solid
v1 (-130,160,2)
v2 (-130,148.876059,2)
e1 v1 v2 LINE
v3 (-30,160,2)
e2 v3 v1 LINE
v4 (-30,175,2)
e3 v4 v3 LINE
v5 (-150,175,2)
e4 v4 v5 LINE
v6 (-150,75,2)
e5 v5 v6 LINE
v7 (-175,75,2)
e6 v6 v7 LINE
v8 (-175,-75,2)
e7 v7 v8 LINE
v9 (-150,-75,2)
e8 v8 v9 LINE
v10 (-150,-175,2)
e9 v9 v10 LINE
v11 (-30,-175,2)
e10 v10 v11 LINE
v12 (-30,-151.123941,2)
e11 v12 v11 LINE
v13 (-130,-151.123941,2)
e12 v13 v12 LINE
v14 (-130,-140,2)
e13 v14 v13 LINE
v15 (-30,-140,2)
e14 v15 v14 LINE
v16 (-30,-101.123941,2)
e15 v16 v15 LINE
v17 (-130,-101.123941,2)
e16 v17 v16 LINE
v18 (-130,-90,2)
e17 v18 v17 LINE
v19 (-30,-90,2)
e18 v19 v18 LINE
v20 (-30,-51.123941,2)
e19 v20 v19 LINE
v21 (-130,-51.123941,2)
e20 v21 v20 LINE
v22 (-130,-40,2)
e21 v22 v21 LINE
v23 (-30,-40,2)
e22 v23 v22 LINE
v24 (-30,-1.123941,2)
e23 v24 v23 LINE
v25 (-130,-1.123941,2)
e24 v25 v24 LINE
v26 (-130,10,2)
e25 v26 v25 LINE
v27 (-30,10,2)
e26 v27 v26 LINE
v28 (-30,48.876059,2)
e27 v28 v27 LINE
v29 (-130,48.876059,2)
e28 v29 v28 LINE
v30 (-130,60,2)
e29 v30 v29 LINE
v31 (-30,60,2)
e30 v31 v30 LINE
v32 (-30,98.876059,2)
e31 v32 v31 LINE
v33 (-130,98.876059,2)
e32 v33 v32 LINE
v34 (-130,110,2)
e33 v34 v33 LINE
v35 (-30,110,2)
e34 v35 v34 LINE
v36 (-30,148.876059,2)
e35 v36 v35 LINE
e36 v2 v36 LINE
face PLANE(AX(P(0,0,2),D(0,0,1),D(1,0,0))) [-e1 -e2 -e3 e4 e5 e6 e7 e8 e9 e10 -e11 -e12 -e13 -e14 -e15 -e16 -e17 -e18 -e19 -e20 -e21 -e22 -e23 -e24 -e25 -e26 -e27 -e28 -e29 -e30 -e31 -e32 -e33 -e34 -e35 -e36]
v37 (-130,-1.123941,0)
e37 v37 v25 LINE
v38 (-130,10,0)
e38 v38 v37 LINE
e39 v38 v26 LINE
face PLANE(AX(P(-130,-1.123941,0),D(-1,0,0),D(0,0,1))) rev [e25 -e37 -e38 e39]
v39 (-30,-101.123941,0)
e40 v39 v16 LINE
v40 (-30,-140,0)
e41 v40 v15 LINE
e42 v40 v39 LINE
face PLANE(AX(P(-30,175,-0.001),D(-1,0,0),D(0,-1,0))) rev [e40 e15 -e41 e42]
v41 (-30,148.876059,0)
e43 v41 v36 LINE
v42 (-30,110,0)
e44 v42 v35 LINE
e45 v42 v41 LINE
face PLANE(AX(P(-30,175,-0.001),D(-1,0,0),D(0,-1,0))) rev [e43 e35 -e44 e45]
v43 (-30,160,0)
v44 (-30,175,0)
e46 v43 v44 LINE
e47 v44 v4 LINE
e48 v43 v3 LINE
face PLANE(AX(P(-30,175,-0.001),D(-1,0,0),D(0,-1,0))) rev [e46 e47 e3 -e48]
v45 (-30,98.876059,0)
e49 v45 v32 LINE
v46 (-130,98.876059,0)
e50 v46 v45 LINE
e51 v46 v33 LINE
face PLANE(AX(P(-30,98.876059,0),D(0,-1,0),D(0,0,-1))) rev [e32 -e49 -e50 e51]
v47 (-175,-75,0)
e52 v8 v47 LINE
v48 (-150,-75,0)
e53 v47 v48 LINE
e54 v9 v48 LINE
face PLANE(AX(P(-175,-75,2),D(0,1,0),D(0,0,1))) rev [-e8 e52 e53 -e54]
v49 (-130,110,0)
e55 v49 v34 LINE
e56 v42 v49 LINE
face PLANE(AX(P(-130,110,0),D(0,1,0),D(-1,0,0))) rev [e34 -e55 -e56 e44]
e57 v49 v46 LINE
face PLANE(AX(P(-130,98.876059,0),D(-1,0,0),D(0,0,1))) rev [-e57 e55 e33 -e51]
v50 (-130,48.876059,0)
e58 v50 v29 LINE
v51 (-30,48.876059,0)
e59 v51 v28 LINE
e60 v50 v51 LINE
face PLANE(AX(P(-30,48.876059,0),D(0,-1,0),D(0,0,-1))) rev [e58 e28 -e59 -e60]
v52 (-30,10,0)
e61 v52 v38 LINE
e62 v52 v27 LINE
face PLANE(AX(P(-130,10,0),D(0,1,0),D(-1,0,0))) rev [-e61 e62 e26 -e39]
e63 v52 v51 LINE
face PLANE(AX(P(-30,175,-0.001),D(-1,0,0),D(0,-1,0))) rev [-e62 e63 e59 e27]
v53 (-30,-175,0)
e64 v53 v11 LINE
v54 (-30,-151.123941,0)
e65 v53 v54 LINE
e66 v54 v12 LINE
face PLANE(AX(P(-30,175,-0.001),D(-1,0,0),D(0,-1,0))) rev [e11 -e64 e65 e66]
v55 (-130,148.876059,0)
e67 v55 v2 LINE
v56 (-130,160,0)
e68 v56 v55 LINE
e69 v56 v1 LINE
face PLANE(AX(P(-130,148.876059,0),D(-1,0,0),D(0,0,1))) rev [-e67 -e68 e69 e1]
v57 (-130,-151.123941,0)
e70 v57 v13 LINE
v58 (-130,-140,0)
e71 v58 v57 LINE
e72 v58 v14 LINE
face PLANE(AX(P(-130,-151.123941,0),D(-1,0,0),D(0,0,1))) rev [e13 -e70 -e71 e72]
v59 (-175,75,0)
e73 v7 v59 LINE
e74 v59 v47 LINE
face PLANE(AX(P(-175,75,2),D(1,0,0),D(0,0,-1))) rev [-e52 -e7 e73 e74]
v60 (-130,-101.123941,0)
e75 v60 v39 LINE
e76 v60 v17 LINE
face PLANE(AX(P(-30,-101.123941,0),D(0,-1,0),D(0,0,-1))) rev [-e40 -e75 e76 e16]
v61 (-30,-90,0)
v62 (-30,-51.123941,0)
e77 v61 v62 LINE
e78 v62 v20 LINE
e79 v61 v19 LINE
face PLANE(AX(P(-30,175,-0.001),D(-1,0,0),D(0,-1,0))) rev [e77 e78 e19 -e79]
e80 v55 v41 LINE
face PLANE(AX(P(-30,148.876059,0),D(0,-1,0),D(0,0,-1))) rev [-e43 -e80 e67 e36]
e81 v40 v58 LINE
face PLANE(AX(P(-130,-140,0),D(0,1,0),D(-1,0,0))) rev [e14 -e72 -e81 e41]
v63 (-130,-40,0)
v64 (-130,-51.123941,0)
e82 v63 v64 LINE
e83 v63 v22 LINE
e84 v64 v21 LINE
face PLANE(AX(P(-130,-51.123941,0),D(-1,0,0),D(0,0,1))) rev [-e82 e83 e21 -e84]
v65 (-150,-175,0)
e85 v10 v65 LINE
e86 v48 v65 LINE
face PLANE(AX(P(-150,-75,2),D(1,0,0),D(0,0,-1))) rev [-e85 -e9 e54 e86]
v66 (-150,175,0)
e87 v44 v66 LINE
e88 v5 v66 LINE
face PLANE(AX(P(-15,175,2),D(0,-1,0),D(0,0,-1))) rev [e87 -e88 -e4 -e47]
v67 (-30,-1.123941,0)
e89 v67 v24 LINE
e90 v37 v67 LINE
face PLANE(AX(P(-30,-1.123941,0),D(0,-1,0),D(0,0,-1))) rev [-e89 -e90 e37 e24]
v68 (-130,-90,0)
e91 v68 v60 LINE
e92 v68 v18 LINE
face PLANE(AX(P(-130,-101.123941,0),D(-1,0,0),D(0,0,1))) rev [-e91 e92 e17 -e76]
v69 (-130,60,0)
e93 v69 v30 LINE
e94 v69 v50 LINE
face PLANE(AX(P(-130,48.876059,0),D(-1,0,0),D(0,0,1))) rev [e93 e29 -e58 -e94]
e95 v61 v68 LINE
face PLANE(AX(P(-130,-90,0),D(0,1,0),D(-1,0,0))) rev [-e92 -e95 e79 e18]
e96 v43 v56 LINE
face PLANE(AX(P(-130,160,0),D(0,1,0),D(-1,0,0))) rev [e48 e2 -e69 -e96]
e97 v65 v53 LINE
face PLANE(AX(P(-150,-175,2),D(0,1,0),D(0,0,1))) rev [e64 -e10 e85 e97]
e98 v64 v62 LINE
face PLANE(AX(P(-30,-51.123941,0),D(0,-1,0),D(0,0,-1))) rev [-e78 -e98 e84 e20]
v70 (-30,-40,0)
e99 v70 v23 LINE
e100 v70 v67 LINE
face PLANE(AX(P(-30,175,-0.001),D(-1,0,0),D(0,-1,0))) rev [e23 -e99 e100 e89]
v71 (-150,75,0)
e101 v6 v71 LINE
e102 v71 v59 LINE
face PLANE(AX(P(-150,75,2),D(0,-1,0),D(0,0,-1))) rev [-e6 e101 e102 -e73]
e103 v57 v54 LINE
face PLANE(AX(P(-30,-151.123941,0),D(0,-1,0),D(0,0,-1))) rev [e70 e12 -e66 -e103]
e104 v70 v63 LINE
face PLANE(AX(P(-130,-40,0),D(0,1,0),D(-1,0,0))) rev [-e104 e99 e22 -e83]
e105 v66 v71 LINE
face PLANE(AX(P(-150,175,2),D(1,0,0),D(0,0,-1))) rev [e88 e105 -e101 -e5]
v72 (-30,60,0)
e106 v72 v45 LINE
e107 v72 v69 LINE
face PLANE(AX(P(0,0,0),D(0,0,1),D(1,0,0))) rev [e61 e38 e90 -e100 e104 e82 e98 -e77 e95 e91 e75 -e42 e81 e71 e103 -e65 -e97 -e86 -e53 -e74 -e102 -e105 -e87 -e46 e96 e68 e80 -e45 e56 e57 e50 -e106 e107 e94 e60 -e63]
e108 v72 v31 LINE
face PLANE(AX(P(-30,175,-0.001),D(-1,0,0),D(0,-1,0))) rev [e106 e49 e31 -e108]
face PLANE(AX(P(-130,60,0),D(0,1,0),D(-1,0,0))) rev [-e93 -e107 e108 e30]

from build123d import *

# Parameters (mm, degrees)
BOSS_EXTRUDE1_DEPTH = 2
SKETCH2_W           = 100
SKETCH2_H           = 11.123940721
CUT_EXTRUDE1_DEPTH  = 2
LPATTERN1_COUNT     = 7
LPATTERN1_PITCH     = 50
CUT_EXTRUDE2_REACH  = 249.495
SKETCH4_W           = 15
SKETCH4_H           = 350


with BuildPart() as part:
    # Sketch1 → Boss-Extrude1 (new body)
    with BuildSketch(Plane.XY):
        Polygon((-15, -175), (-15, 175), (-150, 175), (-150, 75), (-175, 75), (-175, -75), (-150, -75), (-150, -175), align=None)
    extrude(amount=BOSS_EXTRUDE1_DEPTH)

    # Sketch2 → Cut-Extrude1 (cut)
    with BuildSketch(Plane.XY.offset(2)):
        with Locations((-80, 154.43802964)):
            Rectangle(SKETCH2_W, SKETCH2_H)
    cut_extrude1 = extrude(amount=-CUT_EXTRUDE1_DEPTH, mode=Mode.SUBTRACT)

    # LPattern1: Cut-Extrude1 ×7
    with Locations(*[(0, -i * LPATTERN1_PITCH, 0) for i in range(1, LPATTERN1_COUNT)]):
        add(cut_extrude1, mode=Mode.SUBTRACT)

    # Sketch4 → Cut-Extrude2 (cut, up to next)
    with BuildSketch(Plane.XY.offset(2), mode=Mode.PRIVATE) as cut_extrude2_sk1:
        with Locations((-22.5, 0)):
            Rectangle(SKETCH4_W, SKETCH4_H)
    cut_extrude2_tool1 = extrude(cut_extrude2_sk1.sketch, amount=-CUT_EXTRUDE2_REACH, mode=Mode.PRIVATE) & part.part
    add(cut_extrude2_tool1.solids().sort_by_distance((-22.5, 0, 2))[0], mode=Mode.SUBTRACT)


solid = part.part
